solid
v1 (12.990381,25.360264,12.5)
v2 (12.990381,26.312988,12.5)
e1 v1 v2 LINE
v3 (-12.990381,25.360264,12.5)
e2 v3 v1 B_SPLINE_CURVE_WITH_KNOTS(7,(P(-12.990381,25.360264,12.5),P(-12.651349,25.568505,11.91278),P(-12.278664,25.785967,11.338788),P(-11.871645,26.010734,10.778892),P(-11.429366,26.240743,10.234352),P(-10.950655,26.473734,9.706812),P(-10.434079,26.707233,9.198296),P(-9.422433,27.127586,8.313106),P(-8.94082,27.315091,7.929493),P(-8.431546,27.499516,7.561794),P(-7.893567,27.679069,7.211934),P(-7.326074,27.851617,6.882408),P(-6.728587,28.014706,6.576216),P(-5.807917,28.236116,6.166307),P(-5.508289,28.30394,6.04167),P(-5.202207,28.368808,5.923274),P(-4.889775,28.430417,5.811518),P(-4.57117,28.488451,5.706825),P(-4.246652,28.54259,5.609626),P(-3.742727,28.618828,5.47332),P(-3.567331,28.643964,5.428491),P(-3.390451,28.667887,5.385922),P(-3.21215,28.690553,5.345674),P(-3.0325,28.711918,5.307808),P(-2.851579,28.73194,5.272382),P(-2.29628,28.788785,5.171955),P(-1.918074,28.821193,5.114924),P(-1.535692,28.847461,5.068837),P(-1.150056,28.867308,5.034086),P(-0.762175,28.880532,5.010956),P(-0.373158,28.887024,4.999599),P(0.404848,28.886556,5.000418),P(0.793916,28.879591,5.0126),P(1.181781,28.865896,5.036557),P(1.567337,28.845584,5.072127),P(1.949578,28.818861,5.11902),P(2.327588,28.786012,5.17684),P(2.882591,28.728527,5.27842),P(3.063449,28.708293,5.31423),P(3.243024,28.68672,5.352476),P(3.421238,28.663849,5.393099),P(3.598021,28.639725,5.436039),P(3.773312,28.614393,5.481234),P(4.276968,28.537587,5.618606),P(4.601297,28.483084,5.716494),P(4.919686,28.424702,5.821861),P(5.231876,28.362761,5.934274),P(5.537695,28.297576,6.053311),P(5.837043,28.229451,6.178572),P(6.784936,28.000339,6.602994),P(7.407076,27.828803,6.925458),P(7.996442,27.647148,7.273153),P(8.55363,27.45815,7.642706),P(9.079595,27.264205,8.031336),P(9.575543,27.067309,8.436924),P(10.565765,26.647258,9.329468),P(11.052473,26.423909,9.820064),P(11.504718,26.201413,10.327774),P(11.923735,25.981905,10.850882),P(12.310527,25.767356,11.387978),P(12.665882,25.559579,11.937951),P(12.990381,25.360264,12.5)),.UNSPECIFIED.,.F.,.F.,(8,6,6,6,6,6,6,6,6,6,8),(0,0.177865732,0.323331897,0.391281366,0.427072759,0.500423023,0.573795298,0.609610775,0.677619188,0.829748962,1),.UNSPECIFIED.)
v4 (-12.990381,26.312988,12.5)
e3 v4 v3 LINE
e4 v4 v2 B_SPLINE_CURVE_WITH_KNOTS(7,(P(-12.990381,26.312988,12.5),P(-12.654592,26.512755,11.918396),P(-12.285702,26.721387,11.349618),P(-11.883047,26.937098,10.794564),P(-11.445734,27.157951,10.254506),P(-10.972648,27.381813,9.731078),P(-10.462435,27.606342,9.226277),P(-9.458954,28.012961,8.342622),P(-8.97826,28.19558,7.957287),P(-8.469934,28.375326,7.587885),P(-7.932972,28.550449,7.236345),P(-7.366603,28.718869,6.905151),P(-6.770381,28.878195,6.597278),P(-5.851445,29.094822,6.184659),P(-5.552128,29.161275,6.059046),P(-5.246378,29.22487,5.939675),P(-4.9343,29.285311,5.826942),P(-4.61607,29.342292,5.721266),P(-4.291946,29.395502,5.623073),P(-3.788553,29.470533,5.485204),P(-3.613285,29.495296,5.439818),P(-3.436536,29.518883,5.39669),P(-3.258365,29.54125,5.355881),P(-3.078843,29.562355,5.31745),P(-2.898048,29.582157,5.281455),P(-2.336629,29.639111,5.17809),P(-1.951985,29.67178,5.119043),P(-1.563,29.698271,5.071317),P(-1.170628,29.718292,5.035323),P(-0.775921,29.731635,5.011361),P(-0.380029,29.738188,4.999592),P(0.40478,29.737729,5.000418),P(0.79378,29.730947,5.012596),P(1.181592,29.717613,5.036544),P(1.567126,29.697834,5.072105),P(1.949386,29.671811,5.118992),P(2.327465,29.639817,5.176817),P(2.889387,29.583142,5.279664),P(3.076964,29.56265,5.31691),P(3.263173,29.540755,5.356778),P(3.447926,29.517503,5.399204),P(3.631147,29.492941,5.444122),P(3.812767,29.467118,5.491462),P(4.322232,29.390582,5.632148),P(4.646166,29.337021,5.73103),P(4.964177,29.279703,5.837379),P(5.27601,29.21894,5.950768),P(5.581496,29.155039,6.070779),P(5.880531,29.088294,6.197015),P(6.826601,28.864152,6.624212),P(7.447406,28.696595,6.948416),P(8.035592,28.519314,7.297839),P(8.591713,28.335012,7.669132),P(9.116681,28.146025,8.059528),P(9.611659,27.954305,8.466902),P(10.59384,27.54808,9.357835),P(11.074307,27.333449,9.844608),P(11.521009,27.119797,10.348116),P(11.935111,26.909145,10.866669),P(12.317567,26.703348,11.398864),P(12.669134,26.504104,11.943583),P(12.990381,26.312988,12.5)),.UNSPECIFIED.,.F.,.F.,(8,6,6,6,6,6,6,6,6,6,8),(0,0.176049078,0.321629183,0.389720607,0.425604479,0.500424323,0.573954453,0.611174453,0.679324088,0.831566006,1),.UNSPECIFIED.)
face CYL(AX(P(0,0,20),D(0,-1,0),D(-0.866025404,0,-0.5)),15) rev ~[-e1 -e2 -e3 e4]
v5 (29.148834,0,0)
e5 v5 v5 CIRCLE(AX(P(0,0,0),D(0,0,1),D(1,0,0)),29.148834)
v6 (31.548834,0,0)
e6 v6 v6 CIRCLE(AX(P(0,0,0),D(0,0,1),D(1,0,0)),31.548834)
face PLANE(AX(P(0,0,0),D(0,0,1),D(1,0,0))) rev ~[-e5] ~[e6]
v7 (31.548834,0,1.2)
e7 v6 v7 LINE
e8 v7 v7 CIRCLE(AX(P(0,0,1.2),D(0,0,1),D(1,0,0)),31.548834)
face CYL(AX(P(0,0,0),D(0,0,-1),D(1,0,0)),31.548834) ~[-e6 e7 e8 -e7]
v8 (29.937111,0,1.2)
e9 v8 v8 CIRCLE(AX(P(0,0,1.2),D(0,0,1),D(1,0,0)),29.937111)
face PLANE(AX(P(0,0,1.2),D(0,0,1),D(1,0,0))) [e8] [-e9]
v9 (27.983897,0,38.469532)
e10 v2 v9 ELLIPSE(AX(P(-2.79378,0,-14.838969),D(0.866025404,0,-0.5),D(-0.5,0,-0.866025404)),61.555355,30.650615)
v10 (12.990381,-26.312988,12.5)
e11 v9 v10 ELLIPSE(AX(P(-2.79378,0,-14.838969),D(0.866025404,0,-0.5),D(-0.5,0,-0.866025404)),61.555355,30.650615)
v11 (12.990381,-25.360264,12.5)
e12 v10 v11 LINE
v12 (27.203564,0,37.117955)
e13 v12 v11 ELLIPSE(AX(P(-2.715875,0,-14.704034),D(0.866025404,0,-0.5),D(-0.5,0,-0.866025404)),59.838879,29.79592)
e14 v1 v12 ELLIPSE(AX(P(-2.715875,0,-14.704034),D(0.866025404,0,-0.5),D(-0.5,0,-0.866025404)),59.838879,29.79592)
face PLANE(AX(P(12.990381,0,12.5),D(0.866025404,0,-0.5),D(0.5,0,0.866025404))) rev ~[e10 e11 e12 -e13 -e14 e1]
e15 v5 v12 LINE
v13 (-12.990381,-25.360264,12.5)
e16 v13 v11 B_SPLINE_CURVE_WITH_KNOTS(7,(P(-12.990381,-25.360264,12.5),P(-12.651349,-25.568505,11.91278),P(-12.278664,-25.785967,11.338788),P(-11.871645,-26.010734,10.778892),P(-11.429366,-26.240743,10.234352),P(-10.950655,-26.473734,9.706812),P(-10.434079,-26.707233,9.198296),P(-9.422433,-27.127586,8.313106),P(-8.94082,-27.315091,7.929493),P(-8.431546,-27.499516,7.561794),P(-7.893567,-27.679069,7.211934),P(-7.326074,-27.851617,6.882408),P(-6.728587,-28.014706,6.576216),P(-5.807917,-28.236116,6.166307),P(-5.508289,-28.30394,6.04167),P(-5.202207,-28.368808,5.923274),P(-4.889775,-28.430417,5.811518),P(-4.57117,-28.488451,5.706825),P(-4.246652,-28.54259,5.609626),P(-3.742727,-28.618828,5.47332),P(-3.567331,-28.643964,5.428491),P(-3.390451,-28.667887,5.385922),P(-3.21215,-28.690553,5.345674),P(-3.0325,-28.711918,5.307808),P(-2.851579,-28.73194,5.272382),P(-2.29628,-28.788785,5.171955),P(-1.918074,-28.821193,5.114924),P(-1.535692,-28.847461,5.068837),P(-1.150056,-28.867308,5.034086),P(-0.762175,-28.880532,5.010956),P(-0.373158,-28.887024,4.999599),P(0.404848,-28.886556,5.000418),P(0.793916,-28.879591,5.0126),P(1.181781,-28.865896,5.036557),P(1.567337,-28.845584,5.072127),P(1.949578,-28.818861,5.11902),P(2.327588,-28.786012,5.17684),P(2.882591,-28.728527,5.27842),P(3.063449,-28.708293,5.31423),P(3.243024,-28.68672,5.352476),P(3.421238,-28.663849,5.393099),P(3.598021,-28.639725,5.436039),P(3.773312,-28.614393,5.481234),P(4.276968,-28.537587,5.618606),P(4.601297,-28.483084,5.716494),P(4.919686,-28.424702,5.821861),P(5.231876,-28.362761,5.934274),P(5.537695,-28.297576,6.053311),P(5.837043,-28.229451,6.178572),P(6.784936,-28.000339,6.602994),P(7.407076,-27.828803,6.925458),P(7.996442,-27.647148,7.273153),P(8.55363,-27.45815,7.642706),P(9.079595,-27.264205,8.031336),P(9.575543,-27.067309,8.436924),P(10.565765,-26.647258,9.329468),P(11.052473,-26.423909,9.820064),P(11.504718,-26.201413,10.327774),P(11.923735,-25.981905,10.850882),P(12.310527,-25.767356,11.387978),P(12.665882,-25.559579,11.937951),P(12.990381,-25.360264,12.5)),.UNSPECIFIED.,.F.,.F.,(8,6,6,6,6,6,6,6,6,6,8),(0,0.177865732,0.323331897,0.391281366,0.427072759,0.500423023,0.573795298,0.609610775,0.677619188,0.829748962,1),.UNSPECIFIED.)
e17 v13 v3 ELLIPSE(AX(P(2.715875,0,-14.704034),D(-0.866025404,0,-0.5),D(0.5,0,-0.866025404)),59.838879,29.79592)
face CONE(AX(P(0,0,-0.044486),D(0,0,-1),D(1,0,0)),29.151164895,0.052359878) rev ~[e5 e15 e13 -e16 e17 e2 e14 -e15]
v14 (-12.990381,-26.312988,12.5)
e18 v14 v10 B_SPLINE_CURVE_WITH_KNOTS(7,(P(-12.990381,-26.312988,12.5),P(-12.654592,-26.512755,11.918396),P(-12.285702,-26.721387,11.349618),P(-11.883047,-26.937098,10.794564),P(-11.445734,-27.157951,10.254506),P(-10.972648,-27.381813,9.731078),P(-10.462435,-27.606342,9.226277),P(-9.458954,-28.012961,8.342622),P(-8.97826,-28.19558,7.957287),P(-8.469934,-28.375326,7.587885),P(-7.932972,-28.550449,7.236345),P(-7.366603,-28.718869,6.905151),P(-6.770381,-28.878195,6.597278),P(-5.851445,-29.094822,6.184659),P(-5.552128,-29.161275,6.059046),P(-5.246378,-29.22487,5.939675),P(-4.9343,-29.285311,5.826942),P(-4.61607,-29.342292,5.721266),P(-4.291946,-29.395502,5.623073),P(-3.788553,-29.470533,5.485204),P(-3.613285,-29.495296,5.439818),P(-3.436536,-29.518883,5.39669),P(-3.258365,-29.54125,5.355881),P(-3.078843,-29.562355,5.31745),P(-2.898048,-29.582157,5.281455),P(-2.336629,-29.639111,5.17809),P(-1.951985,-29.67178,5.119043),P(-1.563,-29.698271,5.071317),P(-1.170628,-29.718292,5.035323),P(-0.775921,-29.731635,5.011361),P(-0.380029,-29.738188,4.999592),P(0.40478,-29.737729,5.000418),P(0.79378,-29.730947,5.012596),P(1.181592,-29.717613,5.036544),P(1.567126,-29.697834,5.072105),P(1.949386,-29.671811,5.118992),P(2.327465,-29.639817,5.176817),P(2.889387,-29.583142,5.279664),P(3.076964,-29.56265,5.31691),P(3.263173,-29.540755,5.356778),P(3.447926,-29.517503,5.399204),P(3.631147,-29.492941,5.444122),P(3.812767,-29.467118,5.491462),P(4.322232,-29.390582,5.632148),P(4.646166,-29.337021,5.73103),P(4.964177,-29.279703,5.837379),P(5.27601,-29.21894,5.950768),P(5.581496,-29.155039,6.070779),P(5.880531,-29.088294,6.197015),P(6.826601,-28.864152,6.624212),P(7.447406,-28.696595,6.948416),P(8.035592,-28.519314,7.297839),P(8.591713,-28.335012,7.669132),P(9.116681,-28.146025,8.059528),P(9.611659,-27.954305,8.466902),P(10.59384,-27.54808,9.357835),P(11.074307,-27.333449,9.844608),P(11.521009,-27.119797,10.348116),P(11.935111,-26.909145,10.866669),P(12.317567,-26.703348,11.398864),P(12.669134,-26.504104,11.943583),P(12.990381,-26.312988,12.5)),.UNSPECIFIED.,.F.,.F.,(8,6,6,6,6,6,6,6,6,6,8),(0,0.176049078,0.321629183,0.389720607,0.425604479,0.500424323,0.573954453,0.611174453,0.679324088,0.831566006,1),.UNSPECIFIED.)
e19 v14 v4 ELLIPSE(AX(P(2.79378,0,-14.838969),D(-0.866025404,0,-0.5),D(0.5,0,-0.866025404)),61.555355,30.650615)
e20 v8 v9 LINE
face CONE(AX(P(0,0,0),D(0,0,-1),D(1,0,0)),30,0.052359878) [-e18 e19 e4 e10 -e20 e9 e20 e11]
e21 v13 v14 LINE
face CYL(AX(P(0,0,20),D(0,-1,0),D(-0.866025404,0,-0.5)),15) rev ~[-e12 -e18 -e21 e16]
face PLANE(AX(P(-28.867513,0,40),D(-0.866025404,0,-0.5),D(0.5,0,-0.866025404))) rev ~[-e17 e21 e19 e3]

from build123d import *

# Parameters (mm, degrees)
F0_R     = 30
F1_DEPTH = 40
F1_TAPER = 3
F2_T     = -0.85
F3_R     = 31.5488335059
F3_R_2   = 29.1488335059
F4_DEPTH = 1.2
F6_DEPTH = 32.5


with BuildPart() as f1:
    # F0 (on Top) → F1 (new body)
    with BuildSketch(Plane.XY):
        Circle(F0_R)
    extrude(amount=F1_DEPTH, taper=F1_TAPER)

    # F2
    f2_openings = [f1.faces().sort_by_distance(p)[0] for p in [
        (0, 0, 40),
        (0, 0, 0),
    ]]
    offset(amount=F2_T, openings=f2_openings)

    # F3 (on Top) → F4 (join)
    with BuildSketch(Plane.XY):
        Circle(F3_R)
        Circle(F3_R_2, mode=Mode.SUBTRACT)
    extrude(amount=F4_DEPTH)

    # F5 (on Front) → F6 (cut, symmetric)
    with BuildSketch(Plane.XZ):
        with BuildLine():
            Line((28.8675134595, 40), (-28.8675134595, 40))
            Line((-28.8675134595, 40), (-12.9903810568, 12.5))
            ThreePointArc((-12.9903810568, 12.5), (0, 5), (12.9903810568, 12.5))
            Line((12.9903810568, 12.5), (28.8675134595, 40))
        make_face()
    extrude(amount=F6_DEPTH, both=True, mode=Mode.SUBTRACT)


solid = f1.part
